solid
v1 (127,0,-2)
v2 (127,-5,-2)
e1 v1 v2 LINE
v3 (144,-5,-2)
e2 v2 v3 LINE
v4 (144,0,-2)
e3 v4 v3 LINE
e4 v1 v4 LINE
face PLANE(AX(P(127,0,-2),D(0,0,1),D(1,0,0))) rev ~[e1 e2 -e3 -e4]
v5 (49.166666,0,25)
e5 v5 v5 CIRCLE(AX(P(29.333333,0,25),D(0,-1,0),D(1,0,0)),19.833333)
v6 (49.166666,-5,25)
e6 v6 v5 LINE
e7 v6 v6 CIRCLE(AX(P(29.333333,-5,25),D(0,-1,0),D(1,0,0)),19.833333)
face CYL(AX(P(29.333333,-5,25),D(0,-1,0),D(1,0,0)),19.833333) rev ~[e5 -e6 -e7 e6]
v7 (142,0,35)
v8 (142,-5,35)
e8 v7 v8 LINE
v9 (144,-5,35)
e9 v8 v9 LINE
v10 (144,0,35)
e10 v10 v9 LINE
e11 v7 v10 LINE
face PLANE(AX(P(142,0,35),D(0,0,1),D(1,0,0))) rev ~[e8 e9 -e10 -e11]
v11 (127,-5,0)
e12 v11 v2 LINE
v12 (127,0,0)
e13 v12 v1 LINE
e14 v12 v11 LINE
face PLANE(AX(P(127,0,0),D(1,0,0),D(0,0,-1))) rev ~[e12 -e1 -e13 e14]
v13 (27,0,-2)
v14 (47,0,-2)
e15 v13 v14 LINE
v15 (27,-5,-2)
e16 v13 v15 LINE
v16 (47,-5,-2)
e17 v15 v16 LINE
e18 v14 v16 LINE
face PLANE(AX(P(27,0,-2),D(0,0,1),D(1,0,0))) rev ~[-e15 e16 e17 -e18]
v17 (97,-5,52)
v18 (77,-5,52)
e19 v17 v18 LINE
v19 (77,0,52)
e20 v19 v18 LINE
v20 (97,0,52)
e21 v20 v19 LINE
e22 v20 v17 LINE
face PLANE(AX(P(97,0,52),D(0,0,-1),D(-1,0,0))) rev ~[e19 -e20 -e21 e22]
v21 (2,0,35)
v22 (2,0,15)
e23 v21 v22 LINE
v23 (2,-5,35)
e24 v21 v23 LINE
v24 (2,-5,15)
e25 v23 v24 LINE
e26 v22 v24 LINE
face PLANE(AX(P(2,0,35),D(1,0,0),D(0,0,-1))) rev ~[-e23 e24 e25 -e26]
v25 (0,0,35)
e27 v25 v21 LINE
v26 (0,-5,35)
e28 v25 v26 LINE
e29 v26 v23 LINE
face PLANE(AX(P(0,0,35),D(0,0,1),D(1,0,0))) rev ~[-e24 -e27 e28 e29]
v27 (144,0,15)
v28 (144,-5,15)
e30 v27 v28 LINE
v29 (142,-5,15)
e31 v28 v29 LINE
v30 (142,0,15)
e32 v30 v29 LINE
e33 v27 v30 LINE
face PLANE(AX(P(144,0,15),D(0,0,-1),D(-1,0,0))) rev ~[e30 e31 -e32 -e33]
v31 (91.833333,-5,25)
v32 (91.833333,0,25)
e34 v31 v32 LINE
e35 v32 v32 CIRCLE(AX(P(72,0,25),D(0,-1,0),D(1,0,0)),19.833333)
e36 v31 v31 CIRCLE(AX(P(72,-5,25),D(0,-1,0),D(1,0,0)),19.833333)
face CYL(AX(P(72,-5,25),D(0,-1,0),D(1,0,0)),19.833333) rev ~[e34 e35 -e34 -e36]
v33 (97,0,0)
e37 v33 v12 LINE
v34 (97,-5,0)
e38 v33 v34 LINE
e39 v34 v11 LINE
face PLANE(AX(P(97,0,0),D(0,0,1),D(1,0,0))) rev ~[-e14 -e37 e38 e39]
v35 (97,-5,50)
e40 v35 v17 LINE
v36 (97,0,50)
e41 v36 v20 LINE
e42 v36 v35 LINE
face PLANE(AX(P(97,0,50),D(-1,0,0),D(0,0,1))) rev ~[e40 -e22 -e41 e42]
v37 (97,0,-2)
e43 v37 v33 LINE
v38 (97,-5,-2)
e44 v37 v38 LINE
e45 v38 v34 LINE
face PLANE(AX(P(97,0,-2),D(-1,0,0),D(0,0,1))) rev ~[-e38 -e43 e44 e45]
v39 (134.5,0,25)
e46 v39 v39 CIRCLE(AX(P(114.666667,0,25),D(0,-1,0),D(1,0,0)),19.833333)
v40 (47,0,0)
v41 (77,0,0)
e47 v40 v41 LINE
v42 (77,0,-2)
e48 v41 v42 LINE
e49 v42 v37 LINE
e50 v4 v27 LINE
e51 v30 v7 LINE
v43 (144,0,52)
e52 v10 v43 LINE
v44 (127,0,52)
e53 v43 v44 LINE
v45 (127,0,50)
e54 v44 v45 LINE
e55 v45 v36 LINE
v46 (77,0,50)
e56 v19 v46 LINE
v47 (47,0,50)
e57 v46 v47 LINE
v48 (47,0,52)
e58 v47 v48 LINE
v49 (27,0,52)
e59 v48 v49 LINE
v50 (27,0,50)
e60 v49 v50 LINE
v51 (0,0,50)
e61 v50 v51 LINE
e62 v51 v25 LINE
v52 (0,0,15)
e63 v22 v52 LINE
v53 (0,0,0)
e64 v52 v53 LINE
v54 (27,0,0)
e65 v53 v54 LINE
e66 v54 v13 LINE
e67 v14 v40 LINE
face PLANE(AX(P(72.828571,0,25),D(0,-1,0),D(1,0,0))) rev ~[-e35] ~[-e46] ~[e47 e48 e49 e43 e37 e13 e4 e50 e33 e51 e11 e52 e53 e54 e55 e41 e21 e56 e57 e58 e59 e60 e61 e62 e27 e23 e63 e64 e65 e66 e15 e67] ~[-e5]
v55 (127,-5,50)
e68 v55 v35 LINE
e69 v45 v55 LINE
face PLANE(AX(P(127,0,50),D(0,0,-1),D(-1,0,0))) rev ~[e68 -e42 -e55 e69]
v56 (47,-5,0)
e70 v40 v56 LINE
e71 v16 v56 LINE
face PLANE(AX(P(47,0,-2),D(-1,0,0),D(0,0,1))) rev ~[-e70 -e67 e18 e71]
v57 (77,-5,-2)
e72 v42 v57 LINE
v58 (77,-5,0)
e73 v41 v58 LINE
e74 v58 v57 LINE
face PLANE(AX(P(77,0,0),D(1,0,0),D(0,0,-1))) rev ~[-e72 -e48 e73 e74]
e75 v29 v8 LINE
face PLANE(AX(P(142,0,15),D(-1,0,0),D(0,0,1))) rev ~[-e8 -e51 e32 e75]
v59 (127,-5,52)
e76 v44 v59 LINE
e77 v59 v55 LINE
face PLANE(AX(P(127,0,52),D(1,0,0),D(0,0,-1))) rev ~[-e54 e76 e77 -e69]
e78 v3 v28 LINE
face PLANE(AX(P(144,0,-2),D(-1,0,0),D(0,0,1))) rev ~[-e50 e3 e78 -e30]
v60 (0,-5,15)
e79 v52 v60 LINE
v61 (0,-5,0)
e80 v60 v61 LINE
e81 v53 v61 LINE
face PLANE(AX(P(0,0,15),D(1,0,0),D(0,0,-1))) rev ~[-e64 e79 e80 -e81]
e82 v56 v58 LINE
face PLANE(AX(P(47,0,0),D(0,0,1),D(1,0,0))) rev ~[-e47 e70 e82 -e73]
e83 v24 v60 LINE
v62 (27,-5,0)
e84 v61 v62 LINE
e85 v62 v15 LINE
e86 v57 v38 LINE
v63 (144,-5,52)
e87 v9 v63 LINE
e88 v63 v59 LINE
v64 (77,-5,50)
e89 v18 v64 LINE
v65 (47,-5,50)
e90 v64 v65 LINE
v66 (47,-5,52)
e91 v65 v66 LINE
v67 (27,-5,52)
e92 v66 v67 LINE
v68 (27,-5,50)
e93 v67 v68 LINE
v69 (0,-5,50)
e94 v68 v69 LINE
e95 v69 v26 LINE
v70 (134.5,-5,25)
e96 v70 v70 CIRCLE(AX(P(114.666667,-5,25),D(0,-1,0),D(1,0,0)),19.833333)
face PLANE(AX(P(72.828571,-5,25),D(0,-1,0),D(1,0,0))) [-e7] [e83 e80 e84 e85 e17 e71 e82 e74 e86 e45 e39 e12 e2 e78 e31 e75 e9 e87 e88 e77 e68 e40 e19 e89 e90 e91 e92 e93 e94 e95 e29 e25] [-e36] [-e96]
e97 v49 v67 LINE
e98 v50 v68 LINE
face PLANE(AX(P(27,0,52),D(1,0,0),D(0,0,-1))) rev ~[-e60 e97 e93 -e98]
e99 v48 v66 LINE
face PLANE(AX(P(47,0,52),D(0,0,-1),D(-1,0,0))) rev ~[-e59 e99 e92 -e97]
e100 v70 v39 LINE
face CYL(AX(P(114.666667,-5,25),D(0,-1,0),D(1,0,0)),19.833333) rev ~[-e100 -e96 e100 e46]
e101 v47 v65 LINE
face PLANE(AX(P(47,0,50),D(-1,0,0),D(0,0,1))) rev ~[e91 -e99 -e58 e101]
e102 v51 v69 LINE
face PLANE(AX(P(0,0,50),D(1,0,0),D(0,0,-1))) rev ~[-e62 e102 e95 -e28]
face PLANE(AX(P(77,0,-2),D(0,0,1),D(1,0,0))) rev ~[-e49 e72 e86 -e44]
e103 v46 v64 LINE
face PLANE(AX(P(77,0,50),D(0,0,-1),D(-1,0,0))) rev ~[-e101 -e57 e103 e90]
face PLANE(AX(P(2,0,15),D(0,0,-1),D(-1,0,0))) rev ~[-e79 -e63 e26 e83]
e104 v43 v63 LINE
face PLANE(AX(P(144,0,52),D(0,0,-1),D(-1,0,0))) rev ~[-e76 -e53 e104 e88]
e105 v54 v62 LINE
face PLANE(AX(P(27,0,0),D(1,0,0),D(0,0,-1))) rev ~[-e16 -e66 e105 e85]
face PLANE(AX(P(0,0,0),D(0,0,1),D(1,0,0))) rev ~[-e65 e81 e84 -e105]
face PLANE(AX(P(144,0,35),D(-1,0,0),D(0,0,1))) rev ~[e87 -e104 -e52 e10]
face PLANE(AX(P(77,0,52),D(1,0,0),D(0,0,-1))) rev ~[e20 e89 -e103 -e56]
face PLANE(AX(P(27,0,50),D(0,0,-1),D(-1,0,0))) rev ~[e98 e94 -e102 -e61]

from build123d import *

# Parameters (mm, degrees)
F1_DEPTH = 5
F2_R     = 19.833333
F3_DEPTH = 25


with BuildPart() as f1:
    # F0 (on Front) → F1 (new body)
    with BuildSketch(Plane.XZ):
        Polygon((0, 15), (0, 0), (27, 0), (27, -2), (47, -2), (47, 0), (77, 0), (77, -2), (97, -2), (97, 0), (127, 0), (127, -2), (144, -2), (144, 15), (142, 15), (142, 35), (144, 35), (144, 52), (127, 52), (127, 50), (97, 50), (97, 52), (77, 52), (77, 50), (47, 50), (47, 52), (27, 52), (27, 50), (0, 50), (0, 35), (2, 35), (2, 15), align=None)
    extrude(amount=F1_DEPTH)

    # F2 (on face) → F3 (cut)
    with BuildSketch(Plane.XZ.offset(5)):
        with Locations((72, 25)):
            Circle(F2_R)
        with Locations((114.666667, 25)):
            Circle(F2_R)
        with Locations((29.333333, 25)):
            Circle(F2_R)
    extrude(amount=-F3_DEPTH, mode=Mode.SUBTRACT)


solid = f1.part
